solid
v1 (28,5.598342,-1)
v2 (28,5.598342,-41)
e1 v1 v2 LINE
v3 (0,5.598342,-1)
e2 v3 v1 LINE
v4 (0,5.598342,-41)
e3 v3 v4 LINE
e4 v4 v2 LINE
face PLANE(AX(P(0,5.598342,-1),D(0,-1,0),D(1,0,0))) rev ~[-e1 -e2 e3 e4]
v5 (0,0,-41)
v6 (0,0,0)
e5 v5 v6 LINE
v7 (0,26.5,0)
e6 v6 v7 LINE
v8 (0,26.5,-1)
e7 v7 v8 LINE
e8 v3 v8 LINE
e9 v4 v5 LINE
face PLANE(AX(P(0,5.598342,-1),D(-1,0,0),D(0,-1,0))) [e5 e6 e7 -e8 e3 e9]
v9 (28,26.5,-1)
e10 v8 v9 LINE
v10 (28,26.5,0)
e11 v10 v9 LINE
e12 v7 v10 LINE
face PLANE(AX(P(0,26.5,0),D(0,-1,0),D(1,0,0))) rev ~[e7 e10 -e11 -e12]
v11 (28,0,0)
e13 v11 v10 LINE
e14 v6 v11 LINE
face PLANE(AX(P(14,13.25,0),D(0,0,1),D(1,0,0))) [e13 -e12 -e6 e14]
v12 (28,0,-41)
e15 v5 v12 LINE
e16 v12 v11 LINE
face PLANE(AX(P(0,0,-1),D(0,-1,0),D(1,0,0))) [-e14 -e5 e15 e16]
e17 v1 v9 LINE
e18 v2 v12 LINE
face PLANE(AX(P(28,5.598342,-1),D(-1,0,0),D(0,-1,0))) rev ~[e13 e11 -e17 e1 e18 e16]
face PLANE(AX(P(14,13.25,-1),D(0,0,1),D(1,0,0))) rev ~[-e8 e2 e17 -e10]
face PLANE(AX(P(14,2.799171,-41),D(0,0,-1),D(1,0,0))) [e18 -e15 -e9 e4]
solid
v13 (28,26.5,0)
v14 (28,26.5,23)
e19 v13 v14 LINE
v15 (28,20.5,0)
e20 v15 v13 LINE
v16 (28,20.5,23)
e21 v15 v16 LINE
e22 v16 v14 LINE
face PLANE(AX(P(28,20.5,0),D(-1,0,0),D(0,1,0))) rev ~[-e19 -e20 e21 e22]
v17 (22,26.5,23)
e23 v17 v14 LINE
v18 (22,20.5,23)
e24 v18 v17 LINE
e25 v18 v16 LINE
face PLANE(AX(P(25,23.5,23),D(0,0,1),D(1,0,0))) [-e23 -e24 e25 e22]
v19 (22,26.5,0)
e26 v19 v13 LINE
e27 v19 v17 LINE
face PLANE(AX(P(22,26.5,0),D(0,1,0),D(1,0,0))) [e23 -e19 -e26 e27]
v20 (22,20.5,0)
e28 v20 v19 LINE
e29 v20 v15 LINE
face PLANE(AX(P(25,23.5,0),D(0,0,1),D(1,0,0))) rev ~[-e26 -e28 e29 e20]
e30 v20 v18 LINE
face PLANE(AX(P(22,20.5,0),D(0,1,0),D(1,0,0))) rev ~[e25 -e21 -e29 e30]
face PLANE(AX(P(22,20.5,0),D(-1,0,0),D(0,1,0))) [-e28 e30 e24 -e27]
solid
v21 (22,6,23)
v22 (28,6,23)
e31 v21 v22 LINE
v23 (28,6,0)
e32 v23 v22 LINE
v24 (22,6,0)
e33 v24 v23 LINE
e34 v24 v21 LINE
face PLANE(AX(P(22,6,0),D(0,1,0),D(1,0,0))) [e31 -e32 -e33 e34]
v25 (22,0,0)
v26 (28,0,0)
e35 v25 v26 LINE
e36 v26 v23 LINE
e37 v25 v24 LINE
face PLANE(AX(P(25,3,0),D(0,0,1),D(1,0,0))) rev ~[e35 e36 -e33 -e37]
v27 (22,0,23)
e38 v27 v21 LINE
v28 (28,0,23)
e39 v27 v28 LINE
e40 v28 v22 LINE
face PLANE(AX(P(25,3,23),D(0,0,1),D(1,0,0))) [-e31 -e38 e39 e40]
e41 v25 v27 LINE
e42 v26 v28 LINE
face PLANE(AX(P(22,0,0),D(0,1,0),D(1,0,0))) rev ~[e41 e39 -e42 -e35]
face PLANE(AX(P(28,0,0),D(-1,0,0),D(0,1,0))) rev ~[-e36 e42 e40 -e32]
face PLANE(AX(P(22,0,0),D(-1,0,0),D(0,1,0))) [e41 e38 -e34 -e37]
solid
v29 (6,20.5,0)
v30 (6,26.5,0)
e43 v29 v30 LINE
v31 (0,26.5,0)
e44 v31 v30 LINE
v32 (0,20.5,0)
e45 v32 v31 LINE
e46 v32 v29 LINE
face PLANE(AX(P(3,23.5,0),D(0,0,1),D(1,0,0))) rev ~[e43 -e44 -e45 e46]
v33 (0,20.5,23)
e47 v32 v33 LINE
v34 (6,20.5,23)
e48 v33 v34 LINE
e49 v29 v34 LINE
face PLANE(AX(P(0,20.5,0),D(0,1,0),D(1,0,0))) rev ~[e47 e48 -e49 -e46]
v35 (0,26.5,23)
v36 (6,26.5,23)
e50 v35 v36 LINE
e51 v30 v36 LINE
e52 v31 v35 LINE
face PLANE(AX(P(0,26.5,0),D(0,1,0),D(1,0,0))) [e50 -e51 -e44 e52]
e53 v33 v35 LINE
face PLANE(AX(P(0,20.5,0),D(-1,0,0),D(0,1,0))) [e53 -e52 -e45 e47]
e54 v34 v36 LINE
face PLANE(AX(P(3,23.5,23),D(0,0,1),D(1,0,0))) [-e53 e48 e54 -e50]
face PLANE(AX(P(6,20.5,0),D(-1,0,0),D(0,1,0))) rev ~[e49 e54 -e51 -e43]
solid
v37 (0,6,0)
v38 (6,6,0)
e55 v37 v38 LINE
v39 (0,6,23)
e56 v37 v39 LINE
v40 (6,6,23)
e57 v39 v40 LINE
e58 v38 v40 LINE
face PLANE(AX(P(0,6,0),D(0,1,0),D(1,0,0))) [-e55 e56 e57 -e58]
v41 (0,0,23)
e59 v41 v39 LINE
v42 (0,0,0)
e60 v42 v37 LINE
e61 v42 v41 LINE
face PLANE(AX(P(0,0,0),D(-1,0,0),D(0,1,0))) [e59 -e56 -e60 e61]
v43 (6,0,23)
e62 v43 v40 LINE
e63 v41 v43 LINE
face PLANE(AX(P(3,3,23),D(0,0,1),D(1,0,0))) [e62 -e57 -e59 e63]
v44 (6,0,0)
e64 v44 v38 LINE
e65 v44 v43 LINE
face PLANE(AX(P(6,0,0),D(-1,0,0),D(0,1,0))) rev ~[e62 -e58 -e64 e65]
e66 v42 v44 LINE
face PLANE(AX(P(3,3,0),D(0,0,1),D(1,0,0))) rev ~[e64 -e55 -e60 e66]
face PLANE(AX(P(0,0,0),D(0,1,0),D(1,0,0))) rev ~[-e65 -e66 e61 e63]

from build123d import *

# Parameters (mm, degrees)
F0_W     = 6
F0_H     = 6
F1_DEPTH = 23
F2_W     = 28
F2_H     = 26.5
F3_DEPTH = 1
F4_W     = 28
F4_H     = 5.598342
F5_DEPTH = 40


with BuildPart() as f1:
    # F0 (on Top) → F1 (new body)
    with BuildSketch(Plane.XY):
        with Locations((3, 3)):
            Rectangle(F0_W, F0_H)
        with Locations((3, 23.5)):
            Rectangle(F0_W, F0_H)
        with Locations((25, 3)):
            Rectangle(F0_W, F0_H)
        with Locations((25, 23.5)):
            Rectangle(F0_W, F0_H)
    extrude(amount=F1_DEPTH)


with BuildPart() as f3:
    # F2 (on Top) → F3 (new body)
    with BuildSketch(Plane.XY):
        with Locations((14, 13.25)):
            Rectangle(F2_W, F2_H)
    extrude(amount=-F3_DEPTH)

    # F4 (on face) → F5 (join)
    with BuildSketch(Plane(origin=(0, 0, -1), x_dir=(1, 0, 0), z_dir=(0, 0, -1))):
        with Locations((14, -2.799171)):
            Rectangle(F4_W, F4_H)
    extrude(amount=F5_DEPTH)


solid = Compound([f1.part, f3.part])
